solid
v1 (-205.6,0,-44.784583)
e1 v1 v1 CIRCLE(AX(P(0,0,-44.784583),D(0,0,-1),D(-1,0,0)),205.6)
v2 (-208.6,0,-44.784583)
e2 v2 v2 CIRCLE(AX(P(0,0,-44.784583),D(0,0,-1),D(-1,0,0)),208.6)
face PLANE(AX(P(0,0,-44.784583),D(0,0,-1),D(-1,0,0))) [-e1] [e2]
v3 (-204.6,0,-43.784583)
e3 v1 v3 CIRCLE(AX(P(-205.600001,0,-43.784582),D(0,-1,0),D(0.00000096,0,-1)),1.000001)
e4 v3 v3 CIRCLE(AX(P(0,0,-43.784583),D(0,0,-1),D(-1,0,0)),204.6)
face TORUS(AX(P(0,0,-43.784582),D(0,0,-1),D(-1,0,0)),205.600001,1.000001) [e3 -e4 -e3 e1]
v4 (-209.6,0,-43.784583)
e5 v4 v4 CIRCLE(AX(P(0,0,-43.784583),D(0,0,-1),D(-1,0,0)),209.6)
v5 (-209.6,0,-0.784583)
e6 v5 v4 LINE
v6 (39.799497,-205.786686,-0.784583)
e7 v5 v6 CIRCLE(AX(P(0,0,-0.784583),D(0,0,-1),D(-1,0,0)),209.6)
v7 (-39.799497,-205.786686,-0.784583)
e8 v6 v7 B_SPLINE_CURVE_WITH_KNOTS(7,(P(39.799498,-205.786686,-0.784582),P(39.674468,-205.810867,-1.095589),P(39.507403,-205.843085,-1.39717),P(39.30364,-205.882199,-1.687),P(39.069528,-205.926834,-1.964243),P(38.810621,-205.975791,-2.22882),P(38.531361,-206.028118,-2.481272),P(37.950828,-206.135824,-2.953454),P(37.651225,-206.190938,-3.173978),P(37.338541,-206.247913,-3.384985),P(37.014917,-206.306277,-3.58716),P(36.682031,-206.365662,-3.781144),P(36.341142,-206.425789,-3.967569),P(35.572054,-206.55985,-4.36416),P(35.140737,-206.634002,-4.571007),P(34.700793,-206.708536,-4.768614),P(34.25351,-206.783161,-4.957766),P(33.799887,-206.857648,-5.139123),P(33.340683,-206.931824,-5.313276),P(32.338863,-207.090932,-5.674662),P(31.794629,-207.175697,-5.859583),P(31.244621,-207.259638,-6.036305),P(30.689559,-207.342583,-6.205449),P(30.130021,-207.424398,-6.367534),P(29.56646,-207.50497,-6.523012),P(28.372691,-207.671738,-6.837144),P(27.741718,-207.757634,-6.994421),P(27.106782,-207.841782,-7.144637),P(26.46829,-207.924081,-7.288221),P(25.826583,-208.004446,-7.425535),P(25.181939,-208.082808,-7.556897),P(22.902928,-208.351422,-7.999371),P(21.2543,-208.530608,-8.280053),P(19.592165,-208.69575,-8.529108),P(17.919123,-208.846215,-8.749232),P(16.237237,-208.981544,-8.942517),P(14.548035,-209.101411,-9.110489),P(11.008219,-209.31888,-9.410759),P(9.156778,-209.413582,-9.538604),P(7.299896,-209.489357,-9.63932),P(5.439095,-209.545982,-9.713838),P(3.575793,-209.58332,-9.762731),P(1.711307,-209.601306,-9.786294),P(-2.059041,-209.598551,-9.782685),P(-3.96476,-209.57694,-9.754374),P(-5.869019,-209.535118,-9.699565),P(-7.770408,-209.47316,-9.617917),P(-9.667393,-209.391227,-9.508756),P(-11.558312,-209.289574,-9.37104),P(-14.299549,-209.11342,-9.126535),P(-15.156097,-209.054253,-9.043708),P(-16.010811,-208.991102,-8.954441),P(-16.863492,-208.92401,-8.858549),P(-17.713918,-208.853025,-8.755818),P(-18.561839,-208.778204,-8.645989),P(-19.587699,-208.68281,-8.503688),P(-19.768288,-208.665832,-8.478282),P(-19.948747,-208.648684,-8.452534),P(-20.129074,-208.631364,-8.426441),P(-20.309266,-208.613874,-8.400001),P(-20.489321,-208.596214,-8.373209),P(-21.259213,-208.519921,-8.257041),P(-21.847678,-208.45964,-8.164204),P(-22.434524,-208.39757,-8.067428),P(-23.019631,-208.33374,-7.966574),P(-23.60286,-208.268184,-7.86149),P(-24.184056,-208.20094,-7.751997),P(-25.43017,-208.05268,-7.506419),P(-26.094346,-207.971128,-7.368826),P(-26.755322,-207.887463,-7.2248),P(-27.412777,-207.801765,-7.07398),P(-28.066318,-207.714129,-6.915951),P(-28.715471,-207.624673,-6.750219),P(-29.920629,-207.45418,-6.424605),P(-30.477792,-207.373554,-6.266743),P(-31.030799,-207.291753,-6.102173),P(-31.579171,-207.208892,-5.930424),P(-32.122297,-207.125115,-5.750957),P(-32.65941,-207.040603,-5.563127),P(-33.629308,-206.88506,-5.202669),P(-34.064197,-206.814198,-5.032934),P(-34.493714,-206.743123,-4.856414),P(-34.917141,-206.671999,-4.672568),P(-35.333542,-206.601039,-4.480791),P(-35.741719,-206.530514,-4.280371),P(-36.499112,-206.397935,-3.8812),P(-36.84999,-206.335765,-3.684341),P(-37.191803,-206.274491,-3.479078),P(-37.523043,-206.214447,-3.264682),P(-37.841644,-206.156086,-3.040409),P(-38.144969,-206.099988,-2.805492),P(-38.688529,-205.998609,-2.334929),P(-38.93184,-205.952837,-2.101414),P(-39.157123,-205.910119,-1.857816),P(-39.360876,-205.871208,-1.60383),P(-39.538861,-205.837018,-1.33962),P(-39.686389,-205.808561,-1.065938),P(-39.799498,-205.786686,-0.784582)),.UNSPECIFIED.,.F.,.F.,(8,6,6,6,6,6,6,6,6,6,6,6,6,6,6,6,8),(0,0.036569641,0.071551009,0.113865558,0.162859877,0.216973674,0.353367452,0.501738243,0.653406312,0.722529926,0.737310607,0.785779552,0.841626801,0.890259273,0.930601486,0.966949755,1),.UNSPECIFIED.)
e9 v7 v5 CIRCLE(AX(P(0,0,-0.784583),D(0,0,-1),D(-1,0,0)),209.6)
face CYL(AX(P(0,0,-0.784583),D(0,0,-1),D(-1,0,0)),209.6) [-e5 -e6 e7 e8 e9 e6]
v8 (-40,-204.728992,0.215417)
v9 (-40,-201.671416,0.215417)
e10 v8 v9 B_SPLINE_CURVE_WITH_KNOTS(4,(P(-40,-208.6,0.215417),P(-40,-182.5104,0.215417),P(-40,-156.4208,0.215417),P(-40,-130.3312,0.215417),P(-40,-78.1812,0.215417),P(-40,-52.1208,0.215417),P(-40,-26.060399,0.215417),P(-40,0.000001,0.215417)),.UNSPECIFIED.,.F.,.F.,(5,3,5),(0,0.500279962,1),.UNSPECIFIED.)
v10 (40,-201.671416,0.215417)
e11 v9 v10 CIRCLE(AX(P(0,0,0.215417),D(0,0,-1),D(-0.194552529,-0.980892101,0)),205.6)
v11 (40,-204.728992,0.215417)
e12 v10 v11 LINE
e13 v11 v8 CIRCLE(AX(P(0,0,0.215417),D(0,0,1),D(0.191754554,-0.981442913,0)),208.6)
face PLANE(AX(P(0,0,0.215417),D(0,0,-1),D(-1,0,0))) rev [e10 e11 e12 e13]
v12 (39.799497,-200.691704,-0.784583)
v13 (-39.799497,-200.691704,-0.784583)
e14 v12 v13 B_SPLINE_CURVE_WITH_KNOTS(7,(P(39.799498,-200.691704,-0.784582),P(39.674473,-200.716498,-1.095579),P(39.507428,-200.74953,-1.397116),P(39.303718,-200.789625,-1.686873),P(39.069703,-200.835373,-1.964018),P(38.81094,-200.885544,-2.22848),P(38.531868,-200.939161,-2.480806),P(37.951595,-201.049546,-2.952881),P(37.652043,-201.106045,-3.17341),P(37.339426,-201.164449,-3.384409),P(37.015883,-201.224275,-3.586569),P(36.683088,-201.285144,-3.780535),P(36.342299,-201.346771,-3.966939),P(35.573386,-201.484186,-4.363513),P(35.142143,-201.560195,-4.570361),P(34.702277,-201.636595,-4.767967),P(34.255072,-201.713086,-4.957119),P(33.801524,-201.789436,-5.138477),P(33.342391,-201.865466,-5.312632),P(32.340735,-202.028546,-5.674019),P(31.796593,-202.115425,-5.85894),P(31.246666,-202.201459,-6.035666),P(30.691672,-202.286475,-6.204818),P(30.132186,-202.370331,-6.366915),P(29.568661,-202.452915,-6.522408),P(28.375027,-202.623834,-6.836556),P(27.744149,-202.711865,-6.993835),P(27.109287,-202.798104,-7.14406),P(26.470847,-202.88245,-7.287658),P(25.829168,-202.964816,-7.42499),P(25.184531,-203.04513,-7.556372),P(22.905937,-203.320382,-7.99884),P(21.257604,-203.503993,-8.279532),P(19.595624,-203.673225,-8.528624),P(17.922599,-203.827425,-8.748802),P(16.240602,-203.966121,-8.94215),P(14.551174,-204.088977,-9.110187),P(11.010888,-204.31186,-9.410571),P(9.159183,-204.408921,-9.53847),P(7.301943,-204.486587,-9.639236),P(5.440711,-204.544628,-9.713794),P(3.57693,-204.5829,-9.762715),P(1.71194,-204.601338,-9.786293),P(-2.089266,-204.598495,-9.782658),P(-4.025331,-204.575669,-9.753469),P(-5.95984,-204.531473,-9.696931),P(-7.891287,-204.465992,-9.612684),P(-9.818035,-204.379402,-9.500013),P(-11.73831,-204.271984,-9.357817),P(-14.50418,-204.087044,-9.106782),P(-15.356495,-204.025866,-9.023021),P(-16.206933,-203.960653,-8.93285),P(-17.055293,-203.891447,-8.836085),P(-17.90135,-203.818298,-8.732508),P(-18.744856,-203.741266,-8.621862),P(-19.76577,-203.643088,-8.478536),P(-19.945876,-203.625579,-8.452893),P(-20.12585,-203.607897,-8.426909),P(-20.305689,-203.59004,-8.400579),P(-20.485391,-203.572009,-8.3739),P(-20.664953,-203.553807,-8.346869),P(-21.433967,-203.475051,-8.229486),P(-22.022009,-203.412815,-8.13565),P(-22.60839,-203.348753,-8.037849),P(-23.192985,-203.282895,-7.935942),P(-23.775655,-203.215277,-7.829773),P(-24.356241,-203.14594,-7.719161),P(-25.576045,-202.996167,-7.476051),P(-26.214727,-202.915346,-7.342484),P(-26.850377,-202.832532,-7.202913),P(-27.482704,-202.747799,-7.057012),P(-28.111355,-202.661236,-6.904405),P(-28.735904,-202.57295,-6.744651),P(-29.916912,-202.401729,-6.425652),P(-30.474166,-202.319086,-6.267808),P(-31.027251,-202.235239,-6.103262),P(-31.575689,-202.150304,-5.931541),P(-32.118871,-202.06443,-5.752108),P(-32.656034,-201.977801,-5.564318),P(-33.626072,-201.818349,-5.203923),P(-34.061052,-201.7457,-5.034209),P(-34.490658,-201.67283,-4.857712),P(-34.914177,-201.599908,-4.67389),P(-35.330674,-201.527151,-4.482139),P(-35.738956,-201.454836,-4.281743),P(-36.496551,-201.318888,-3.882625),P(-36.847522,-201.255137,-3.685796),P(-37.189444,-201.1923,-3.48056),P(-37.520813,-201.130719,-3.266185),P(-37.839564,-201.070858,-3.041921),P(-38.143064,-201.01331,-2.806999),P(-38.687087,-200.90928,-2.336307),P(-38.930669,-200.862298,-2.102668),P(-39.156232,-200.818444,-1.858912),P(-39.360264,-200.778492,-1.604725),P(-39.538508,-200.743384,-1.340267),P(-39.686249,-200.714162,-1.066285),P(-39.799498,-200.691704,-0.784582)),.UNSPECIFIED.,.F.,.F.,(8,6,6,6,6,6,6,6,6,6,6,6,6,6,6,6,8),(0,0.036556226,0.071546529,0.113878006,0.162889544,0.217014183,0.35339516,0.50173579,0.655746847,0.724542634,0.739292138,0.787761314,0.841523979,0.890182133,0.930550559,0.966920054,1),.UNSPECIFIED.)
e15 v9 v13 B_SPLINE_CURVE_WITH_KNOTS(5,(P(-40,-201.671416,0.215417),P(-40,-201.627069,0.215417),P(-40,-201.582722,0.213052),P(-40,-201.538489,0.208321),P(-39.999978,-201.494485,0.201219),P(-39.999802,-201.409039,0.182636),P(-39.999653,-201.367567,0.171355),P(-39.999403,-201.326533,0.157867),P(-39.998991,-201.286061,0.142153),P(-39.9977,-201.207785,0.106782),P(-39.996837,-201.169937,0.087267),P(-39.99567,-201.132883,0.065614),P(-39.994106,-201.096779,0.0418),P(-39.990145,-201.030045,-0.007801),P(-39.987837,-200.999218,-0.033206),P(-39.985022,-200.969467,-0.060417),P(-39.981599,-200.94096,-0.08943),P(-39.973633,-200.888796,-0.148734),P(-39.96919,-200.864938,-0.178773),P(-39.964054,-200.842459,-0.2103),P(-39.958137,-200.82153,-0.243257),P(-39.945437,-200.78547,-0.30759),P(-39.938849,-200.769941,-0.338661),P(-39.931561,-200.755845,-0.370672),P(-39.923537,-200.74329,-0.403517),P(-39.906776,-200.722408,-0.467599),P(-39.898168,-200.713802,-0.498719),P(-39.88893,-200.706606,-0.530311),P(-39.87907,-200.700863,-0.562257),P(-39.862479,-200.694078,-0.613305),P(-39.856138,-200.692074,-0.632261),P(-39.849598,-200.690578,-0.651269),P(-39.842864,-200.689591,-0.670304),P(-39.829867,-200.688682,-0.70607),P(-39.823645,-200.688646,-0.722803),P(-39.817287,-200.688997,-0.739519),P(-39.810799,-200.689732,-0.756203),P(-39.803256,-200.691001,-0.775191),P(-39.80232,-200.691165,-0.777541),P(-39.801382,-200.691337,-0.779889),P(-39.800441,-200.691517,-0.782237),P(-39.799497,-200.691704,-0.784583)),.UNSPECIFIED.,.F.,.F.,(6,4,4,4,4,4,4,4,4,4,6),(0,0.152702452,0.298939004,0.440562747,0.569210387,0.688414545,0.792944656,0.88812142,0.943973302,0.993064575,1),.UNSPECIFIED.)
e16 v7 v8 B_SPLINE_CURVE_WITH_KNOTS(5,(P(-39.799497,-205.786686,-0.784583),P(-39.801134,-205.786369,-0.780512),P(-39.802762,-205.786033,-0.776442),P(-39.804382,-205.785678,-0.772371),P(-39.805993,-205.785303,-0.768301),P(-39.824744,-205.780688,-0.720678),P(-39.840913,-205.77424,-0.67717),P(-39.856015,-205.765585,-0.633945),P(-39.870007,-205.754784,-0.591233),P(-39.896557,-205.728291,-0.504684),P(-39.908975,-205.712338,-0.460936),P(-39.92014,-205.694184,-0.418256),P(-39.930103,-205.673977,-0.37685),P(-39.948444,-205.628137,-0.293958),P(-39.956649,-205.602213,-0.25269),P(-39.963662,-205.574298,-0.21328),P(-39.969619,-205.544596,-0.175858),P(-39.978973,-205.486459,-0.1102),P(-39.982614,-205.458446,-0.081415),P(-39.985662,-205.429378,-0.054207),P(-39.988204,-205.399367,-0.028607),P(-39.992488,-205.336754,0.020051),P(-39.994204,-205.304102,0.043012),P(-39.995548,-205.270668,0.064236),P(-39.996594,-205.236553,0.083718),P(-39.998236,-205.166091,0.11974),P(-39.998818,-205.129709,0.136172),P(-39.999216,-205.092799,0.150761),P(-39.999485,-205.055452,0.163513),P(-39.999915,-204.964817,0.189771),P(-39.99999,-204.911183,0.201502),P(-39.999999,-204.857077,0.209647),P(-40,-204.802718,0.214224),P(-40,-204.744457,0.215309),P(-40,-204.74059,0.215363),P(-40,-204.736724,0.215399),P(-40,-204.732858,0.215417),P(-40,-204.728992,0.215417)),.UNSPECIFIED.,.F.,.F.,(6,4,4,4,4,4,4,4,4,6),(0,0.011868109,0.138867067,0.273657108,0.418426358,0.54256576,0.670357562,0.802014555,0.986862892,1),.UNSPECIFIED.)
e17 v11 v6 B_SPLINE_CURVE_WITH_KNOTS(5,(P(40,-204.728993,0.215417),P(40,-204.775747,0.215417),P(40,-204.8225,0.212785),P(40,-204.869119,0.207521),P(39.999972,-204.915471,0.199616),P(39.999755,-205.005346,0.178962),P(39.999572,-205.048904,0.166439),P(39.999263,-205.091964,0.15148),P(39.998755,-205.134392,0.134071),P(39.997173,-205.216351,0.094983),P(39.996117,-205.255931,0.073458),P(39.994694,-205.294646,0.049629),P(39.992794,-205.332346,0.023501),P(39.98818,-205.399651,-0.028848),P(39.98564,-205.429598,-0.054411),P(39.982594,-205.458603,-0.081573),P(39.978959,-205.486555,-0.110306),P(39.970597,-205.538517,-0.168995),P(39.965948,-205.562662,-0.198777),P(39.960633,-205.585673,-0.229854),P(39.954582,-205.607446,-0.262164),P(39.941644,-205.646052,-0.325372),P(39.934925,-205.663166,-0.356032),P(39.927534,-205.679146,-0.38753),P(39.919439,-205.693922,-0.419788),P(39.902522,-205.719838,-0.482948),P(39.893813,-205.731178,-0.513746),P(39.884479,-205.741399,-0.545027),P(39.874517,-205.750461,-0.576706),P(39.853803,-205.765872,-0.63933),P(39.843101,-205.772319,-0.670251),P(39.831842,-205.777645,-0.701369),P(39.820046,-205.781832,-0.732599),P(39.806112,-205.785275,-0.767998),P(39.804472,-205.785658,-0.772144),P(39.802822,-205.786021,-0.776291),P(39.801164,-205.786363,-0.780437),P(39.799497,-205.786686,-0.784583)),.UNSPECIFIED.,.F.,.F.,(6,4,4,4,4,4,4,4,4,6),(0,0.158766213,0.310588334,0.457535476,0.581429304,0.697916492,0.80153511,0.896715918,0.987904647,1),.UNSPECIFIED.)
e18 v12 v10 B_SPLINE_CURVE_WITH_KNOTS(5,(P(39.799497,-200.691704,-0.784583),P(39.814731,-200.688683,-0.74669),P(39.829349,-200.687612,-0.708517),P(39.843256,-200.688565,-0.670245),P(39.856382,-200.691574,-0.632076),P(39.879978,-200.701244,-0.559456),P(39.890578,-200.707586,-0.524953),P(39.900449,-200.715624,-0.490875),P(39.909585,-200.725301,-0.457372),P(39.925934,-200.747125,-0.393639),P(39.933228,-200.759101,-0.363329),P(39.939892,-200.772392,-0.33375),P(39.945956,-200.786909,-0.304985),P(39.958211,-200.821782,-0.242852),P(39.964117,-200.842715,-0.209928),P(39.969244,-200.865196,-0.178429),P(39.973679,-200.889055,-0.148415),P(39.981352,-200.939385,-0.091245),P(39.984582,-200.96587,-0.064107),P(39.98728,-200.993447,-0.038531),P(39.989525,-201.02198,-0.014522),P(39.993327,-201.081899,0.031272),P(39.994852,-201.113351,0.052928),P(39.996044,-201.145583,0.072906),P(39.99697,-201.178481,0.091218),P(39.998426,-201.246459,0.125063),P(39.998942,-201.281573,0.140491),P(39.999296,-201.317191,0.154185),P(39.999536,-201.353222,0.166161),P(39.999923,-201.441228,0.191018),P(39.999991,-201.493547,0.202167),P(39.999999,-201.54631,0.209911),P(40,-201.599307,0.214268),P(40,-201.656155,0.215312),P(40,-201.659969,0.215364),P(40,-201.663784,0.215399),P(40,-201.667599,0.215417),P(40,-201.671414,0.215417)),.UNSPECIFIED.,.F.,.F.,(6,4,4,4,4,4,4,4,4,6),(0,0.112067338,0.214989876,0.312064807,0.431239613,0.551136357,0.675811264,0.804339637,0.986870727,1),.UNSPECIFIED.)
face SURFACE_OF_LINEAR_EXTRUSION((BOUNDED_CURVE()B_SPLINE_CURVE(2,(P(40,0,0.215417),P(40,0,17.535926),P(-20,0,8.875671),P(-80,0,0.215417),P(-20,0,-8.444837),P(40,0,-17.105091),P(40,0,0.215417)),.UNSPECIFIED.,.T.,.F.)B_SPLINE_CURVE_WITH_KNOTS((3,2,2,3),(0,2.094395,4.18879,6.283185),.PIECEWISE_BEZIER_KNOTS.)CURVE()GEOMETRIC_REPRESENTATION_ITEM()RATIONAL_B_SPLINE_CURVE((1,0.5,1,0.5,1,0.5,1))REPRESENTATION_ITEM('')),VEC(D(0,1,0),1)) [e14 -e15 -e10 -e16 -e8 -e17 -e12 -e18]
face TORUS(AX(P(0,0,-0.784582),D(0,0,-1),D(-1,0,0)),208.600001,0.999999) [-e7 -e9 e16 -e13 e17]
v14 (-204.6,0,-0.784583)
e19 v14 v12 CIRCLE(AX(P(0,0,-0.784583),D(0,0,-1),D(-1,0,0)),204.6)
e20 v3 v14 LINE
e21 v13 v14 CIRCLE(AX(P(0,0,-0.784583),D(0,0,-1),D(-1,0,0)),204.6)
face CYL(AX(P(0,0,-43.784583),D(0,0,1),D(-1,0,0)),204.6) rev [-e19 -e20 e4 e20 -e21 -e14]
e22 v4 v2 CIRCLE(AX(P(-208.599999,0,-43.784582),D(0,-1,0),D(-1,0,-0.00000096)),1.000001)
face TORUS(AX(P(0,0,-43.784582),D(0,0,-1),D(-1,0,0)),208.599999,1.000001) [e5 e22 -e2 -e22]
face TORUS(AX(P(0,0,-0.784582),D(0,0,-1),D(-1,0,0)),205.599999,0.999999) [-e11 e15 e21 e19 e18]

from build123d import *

# Parameters (mm, degrees)
F3_DEPTH = 457.2


with BuildPart() as f1:
    # F0 (on Front) → F1 (revolve)
    with BuildSketch(Plane.XZ):
        with BuildLine():
            Line((-205.6, 0.215417), (-208.6, 0.215417))
            ThreePointArc((-208.6, 0.215417), (-209.307107, -0.077476), (-209.6, -0.784583))
            Line((-209.6, -0.784583), (-209.6, -43.784583))
            ThreePointArc((-209.6, -43.784583), (-209.307107, -44.491689), (-208.6, -44.784583))
            Line((-208.6, -44.784583), (-205.6, -44.784583))
            ThreePointArc((-205.6, -44.784583), (-204.892893, -44.491689), (-204.6, -43.784583))
            Line((-204.6, -43.784583), (-204.6, -0.784583))
            ThreePointArc((-204.6, -0.784583), (-204.892893, -0.077476), (-205.6, 0.215417))
        make_face()
    revolve(axis=Axis((0, 0, -2.723343), (0, 0, -1)))

    # F2 (on Front) → F3 (cut)
    with BuildSketch(Plane.XZ):
        with BuildLine():
            add(Edge.make_bspline(
                [(40, 0.215417), (40, 17.535926), (-20, 8.875671), (-80, 0.215417), (-20, -8.444837), (40, -17.105091), (40, 0.215417)],
                knots=[0, 0, 0, 2.094395, 2.094395, 4.18879, 4.18879, 6.283185, 6.283185, 6.283185], degree=2, weights=[1, 0.5, 1, 0.5, 1, 0.5, 1]))
        make_face()
    extrude(amount=F3_DEPTH, mode=Mode.SUBTRACT)


solid = f1.part
